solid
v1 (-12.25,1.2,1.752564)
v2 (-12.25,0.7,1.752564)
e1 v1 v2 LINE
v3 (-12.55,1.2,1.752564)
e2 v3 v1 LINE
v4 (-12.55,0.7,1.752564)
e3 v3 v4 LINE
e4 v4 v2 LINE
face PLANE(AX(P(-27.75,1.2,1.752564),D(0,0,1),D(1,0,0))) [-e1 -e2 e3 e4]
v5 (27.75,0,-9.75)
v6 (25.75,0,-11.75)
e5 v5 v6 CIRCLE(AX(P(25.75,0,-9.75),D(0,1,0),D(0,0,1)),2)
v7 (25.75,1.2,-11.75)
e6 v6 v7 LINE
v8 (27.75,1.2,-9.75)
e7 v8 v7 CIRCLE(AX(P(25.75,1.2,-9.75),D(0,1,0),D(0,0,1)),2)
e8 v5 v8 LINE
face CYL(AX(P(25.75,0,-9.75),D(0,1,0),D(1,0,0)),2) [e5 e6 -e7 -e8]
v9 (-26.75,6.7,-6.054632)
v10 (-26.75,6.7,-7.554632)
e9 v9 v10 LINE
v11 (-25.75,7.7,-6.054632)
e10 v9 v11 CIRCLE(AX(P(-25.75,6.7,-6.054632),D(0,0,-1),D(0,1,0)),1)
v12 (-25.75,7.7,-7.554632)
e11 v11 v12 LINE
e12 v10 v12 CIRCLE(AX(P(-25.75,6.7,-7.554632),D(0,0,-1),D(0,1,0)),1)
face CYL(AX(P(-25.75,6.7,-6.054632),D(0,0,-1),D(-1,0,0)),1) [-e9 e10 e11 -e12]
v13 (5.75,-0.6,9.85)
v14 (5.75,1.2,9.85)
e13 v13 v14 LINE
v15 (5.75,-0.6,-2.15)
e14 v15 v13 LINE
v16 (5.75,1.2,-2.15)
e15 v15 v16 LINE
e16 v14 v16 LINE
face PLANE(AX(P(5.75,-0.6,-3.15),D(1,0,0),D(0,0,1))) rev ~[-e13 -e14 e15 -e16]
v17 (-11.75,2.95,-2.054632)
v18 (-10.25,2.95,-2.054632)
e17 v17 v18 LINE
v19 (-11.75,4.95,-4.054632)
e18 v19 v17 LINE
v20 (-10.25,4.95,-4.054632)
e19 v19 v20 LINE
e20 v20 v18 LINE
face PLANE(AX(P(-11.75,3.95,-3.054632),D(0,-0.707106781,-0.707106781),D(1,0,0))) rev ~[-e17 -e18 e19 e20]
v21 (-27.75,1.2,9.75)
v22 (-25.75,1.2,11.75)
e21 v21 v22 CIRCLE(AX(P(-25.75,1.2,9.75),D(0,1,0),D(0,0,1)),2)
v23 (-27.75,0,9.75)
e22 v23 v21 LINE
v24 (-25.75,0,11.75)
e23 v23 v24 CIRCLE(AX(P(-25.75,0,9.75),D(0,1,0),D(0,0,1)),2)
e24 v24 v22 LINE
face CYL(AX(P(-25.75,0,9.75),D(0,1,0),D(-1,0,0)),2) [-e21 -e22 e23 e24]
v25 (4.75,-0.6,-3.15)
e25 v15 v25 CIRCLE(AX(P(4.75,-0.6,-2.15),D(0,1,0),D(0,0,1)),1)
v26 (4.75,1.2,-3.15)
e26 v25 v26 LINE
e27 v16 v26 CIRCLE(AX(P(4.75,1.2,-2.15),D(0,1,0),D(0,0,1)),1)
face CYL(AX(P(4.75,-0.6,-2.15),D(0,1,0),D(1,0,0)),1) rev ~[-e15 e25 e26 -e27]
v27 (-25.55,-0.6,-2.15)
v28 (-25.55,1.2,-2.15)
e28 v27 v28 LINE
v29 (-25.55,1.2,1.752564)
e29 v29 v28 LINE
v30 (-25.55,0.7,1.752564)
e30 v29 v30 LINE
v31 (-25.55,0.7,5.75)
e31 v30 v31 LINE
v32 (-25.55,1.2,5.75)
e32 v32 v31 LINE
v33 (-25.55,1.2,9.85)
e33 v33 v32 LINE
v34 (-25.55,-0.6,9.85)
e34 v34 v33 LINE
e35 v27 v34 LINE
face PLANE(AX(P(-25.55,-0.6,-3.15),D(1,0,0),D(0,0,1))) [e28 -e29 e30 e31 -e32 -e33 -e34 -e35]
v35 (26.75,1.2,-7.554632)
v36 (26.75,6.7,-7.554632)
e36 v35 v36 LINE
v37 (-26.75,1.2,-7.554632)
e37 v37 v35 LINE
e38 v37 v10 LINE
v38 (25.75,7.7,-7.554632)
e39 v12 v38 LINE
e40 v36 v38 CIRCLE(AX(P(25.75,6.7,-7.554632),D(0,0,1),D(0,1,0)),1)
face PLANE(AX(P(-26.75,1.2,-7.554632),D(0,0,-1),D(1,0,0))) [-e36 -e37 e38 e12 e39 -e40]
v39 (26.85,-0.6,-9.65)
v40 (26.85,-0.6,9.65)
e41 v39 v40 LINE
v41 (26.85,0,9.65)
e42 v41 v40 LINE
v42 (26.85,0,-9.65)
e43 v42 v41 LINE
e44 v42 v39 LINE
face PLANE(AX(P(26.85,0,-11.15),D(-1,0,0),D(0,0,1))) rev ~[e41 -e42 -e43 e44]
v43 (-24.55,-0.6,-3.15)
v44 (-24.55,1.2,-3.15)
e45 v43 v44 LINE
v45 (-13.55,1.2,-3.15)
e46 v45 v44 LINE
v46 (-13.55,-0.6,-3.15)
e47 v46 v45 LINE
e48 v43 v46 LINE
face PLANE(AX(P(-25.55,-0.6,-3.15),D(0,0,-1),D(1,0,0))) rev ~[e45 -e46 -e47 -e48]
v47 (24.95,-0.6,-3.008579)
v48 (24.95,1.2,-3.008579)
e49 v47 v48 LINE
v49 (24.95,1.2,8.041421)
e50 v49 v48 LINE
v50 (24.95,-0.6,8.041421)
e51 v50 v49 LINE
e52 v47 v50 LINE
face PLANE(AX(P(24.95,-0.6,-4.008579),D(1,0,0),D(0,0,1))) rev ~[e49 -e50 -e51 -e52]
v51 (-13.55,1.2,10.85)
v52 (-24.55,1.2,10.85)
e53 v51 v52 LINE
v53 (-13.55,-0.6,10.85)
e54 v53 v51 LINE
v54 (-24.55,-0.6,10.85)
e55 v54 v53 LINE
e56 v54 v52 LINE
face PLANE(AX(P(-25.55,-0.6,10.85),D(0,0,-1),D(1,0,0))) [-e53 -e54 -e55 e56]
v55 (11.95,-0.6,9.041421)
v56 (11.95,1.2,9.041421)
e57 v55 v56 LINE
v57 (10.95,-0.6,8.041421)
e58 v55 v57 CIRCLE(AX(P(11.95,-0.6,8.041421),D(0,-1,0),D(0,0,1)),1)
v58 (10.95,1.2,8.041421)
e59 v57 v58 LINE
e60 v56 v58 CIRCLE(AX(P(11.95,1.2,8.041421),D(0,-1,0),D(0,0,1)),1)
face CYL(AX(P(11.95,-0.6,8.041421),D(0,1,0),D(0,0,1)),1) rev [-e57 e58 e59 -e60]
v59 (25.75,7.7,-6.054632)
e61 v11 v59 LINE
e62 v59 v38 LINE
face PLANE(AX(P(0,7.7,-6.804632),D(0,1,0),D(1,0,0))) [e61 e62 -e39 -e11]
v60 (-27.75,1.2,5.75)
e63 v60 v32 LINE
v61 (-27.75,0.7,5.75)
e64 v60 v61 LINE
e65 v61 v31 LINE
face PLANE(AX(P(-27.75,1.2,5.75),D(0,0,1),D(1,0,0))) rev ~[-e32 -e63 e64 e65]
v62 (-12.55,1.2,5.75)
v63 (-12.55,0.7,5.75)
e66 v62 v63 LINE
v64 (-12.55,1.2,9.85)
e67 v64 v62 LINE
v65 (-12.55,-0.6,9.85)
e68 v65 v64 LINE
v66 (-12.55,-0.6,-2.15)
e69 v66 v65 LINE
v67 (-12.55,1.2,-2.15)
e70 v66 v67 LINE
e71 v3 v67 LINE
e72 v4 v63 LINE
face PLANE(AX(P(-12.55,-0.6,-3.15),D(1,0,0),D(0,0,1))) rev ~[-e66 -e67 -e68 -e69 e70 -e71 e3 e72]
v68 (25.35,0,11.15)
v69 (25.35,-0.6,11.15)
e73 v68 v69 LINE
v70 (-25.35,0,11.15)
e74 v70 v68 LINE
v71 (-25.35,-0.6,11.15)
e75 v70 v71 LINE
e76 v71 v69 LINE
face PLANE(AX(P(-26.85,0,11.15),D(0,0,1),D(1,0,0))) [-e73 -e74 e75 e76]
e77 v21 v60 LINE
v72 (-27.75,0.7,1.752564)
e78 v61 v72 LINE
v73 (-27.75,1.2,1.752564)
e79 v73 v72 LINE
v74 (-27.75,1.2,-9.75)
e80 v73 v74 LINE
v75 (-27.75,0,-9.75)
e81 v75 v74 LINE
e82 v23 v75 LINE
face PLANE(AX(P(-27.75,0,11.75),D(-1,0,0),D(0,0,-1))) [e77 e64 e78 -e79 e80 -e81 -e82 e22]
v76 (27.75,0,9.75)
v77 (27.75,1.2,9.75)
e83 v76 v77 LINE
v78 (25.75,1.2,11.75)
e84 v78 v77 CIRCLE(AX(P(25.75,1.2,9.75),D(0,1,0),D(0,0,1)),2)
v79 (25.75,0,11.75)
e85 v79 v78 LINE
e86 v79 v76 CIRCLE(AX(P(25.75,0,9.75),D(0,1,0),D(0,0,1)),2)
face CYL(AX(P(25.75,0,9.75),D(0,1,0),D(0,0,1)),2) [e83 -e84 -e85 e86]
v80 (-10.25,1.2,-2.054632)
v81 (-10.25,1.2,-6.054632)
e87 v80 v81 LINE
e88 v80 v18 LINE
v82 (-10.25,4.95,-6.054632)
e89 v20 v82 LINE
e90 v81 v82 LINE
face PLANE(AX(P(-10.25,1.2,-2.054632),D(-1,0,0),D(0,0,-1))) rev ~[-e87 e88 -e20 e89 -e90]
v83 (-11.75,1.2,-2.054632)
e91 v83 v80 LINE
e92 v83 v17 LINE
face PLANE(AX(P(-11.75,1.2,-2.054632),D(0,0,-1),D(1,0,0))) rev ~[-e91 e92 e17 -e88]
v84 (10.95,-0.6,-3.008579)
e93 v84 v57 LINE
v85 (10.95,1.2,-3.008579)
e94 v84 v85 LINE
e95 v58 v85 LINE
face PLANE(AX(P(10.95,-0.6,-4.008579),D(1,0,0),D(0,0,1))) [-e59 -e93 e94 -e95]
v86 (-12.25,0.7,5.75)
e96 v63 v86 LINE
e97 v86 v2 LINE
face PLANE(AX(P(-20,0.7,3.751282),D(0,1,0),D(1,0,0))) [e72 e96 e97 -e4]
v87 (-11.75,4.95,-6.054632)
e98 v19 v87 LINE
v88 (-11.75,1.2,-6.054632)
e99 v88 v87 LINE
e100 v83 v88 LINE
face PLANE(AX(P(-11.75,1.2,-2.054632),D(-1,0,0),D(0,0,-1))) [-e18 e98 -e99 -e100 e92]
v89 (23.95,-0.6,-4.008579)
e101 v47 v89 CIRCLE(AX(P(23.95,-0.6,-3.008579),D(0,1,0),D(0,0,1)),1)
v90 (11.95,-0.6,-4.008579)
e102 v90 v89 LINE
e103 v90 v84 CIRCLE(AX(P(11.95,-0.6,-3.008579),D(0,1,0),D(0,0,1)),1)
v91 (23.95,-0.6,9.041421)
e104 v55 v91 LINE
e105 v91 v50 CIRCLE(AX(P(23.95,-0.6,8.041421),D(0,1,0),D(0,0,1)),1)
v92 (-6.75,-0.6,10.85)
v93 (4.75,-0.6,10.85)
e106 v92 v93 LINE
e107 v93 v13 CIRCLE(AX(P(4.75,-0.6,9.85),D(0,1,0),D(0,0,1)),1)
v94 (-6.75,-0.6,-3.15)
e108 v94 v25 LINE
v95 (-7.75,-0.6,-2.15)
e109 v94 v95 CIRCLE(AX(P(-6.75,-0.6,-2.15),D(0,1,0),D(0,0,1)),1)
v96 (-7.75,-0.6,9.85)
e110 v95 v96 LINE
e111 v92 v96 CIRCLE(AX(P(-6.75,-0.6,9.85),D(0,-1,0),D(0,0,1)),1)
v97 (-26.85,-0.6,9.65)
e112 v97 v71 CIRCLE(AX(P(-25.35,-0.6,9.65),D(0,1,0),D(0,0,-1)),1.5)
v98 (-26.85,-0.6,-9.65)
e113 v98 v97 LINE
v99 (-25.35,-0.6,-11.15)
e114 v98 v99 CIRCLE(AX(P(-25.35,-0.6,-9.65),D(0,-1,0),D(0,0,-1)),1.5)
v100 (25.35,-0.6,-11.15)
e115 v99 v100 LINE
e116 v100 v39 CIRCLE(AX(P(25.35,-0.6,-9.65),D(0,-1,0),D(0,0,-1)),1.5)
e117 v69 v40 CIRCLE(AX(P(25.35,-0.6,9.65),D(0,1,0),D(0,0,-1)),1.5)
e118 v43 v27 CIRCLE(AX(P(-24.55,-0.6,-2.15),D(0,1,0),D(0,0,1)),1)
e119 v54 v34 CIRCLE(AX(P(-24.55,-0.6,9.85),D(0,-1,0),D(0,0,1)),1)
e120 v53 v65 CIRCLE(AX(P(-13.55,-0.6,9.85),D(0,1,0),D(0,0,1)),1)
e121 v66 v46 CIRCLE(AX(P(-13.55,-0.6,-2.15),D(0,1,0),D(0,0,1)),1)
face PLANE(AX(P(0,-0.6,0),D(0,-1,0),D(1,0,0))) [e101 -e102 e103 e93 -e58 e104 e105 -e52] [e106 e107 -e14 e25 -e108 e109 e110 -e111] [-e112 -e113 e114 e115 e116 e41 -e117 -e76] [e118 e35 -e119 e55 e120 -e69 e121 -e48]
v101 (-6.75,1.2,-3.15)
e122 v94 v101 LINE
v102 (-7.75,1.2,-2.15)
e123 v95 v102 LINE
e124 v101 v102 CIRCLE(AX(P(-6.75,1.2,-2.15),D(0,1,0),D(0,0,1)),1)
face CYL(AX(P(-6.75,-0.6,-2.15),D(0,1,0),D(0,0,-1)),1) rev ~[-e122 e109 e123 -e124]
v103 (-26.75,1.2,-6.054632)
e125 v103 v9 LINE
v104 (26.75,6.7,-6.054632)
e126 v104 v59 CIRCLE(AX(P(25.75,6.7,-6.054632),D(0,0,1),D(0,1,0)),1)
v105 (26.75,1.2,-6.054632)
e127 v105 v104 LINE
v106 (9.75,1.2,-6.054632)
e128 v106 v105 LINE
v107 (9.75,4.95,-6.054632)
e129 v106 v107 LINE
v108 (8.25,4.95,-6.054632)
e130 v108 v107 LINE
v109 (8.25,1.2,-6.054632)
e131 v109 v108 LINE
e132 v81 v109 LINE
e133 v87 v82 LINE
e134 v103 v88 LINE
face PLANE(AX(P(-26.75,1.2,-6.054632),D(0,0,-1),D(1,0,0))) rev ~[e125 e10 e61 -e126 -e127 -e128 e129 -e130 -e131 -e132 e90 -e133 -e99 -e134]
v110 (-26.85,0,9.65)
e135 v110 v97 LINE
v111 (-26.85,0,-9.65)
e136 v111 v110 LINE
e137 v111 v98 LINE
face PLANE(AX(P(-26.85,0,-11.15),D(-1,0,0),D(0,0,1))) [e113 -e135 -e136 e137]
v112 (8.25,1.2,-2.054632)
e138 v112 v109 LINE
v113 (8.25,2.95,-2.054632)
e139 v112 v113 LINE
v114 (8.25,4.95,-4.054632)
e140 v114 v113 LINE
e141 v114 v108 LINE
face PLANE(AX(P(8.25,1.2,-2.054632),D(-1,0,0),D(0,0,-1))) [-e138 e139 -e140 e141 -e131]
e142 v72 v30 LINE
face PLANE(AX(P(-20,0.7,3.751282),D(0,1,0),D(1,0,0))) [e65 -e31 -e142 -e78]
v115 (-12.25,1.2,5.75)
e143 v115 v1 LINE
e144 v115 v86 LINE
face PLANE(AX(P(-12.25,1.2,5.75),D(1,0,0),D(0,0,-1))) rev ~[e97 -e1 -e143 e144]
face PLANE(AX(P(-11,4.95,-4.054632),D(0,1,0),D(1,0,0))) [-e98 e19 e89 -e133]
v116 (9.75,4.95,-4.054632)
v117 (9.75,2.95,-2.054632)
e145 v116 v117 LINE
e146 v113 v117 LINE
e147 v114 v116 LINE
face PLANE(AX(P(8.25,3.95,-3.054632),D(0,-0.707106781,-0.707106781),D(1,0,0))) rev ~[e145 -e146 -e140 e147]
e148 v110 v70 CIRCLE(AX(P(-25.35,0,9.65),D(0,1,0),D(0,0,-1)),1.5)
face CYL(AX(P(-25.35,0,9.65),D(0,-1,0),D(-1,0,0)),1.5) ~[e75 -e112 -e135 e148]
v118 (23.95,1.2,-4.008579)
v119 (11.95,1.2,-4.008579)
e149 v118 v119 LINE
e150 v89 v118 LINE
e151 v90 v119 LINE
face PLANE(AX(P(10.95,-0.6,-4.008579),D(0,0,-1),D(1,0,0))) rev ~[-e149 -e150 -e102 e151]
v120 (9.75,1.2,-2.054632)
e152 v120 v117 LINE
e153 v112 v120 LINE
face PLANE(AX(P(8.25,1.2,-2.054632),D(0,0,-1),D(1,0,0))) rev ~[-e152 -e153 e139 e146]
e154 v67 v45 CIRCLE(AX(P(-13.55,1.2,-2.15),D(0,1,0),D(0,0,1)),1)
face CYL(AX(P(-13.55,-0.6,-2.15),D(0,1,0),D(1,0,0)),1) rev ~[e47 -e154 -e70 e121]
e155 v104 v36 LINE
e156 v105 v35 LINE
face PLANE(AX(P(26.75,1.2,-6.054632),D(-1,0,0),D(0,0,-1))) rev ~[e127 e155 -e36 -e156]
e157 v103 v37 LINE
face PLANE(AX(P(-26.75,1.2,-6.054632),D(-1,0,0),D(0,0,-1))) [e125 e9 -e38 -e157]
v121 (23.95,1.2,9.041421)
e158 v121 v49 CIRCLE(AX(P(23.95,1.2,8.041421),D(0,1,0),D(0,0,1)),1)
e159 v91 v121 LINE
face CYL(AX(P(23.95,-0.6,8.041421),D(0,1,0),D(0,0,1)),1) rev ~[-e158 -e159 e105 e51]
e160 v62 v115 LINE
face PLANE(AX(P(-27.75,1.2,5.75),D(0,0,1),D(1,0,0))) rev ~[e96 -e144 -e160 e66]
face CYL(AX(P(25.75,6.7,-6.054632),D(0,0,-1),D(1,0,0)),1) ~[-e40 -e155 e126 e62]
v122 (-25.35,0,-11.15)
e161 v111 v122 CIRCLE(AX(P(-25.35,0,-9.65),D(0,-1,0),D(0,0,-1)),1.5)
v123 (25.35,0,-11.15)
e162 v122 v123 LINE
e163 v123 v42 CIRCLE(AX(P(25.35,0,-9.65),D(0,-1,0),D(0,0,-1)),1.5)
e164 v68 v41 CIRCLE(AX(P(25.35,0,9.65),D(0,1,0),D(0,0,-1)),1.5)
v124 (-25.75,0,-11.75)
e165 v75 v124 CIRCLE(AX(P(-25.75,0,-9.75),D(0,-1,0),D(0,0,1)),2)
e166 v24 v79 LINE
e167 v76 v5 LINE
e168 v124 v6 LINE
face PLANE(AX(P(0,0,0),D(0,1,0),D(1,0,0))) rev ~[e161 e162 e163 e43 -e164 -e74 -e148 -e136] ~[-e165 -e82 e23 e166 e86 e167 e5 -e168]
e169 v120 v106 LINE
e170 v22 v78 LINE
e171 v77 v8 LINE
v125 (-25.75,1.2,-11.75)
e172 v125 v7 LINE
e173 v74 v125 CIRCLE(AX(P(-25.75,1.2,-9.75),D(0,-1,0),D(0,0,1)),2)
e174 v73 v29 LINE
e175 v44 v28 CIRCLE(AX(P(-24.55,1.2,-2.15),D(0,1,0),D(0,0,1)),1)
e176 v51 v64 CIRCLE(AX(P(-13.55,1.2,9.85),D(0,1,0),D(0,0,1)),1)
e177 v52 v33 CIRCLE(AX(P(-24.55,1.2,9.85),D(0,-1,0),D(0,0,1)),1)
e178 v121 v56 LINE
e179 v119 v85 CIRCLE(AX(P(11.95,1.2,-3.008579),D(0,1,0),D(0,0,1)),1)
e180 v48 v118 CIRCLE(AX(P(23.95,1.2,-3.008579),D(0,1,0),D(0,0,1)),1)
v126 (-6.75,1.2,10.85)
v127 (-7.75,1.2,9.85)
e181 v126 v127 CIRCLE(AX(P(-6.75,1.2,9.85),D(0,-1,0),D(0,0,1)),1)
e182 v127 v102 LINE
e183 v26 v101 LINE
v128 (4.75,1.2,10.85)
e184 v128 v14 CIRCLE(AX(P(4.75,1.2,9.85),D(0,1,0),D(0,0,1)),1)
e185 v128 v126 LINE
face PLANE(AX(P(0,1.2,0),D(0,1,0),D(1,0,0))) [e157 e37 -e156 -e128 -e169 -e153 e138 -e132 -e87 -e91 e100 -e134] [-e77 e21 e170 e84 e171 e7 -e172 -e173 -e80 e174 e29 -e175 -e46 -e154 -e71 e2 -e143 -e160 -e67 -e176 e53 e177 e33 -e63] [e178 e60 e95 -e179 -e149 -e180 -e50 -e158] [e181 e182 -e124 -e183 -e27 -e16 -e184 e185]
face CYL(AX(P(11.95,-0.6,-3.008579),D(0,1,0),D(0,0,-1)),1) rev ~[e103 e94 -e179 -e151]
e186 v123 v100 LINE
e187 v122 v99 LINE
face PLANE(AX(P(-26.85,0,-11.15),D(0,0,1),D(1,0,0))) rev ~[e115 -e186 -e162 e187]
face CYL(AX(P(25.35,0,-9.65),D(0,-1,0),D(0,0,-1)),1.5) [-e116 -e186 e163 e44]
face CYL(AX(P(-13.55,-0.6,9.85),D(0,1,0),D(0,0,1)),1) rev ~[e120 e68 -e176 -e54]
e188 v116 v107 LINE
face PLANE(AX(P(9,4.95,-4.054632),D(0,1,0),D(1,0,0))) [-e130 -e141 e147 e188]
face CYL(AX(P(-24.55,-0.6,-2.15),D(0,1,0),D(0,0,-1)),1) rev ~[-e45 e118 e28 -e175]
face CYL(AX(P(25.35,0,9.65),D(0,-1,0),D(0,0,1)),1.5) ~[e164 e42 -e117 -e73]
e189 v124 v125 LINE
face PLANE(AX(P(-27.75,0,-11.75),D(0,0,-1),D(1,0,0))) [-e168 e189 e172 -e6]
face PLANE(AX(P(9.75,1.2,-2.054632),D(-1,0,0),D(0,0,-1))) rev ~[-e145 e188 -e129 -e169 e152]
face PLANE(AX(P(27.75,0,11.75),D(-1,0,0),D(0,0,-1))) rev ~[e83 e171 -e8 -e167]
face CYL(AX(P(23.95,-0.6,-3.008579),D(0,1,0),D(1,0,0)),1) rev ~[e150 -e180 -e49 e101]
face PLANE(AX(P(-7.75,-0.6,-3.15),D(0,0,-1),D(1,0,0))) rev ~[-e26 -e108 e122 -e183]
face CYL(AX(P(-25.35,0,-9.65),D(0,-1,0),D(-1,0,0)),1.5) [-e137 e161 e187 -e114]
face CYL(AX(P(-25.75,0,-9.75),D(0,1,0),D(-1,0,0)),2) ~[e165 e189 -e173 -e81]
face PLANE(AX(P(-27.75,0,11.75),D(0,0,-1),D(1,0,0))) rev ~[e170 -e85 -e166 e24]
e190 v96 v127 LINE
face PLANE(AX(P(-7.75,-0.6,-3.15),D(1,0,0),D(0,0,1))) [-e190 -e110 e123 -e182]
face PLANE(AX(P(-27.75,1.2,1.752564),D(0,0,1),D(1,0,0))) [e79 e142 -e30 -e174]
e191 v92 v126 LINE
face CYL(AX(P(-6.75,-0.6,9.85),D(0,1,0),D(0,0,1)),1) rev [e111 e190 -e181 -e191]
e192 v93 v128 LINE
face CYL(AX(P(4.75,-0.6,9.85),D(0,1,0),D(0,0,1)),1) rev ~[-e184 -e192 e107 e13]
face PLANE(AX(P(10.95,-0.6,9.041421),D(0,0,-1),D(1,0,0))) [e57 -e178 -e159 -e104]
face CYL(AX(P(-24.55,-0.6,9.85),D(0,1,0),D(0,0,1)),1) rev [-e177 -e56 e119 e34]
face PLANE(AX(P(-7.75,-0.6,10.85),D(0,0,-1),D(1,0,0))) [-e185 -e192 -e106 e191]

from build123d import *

# Parameters (mm, degrees)
SKETCH_1_W          = 55.5
SKETCH_1_H          = 23.5
EXTRUDE_1_DEPTH     = 1.2
FILLET_1_R          = 2
SKETCH_2_W          = 53.7
SKETCH_2_H          = 22.3
EXTRUDE_2_DEPTH     = 0.6
SKETCH_3_W          = 13
SKETCH_3_H          = 14
SKETCH_3_W_2        = 13.5
SKETCH_3_W_3        = 14
SKETCH_3_H_2        = 13.05
CUT_EXTRUDE_1_DEPTH = 3
FILLET_2_R          = 1
SKETCH_4_W          = 15.5
SKETCH_4_H          = 3.997435945
CUT_EXTRUDE_2_DEPTH = 0.5
SKETCH_5_W          = 53.5
SKETCH_5_H          = 1.5
EXTRUDE_3_DEPTH     = 6.5
FILLET_3_R          = 1
SKETCH_6_W          = 1.5
SKETCH_6_H          = 4
EXTRUDE_4_DEPTH     = 3.75
CHAMFER_1_SIZE      = 2
FILLET_4_R          = 1.5


with BuildPart() as part:
    # 草图1 → 凸台-拉伸1 (new body)
    with BuildSketch(Plane(origin=(0, 0, 0), x_dir=(1, 0, 0), z_dir=(0, 1, 0))):
        Rectangle(SKETCH_1_W, SKETCH_1_H)
    extrude(amount=EXTRUDE_1_DEPTH)

    # 圆角1
    fillet_1_edges = [part.edges().sort_by_distance(p)[0] for p in [
        (27.75, 0.6, 11.75),
        (-27.75, 0.6, 11.75),
        (-27.75, 0.6, -11.75),
        (27.75, 0.6, -11.75),
    ]]
    fillet(fillet_1_edges, radius=FILLET_1_R)

    # 草图2 → 凸台-拉伸2 (add)
    with BuildSketch(Plane.XZ):
        Rectangle(SKETCH_2_W, SKETCH_2_H)
    extrude(amount=EXTRUDE_2_DEPTH)

    # 草图3 → 切除-拉伸1 (cut)
    with BuildSketch(Plane.XZ.offset(0.6)):
        with Locations((-19.05, 3.85)):
            Rectangle(SKETCH_3_W, SKETCH_3_H)
        with Locations((-1, 3.85)):
            Rectangle(SKETCH_3_W_2, SKETCH_3_H)
        with Locations((17.95, 2.516421356)):
            Rectangle(SKETCH_3_W_3, SKETCH_3_H_2)
    extrude(amount=-CUT_EXTRUDE_1_DEPTH, mode=Mode.SUBTRACT)

    # 圆角2
    fillet_2_edges = [part.edges().sort_by_distance(p)[0] for p in [
        (-25.55, 0.3, -3.15),
        (-25.55, 0.3, 10.85),
        (-12.55, 0.3, 10.85),
        (-12.55, 0.3, -3.15),
        (-7.75, 0.3, -3.15),
        (-7.75, 0.3, 10.85),
        (5.75, 0.3, 10.85),
        (5.75, 0.3, -3.15),
        (10.95, 0.3, -4.008578644),
        (10.95, 0.3, 9.041421356),
        (24.95, 0.3, 9.041421356),
        (24.95, 0.3, -4.008578644),
    ]]
    fillet(fillet_2_edges, radius=FILLET_2_R)

    # 草图4 → 切除-拉伸2 (cut)
    with BuildSketch(Plane(origin=(0, 1.2, 0), x_dir=(1, 0, 0), z_dir=(0, 1, 0))):
        with Locations((-20, -3.751282028)):
            Rectangle(SKETCH_4_W, SKETCH_4_H)
    extrude(amount=-CUT_EXTRUDE_2_DEPTH, mode=Mode.SUBTRACT)

    # 草图5 → 凸台-拉伸3 (add)
    with BuildSketch(Plane(origin=(0, 1.2, 0), x_dir=(1, 0, 0), z_dir=(0, 1, 0))):
        with Locations((0, 6.804632487)):
            Rectangle(SKETCH_5_W, SKETCH_5_H)
    extrude(amount=EXTRUDE_3_DEPTH)

    # 圆角3
    fillet_3_edges = [part.edges().sort_by_distance(p)[0] for p in [
        (26.75, 7.7, -6.804632487),
        (-26.75, 7.7, -6.804632487),
    ]]
    fillet(fillet_3_edges, radius=FILLET_3_R)

    # 草图6 → 凸台-拉伸4 (add)
    with BuildSketch(Plane(origin=(0, 1.2, 0), x_dir=(1, 0, 0), z_dir=(0, 1, 0))):
        with Locations((9, 4.054632487)):
            Rectangle(SKETCH_6_W, SKETCH_6_H)
        with Locations((-11, 4.054632487)):
            Rectangle(SKETCH_6_W, SKETCH_6_H)
    extrude(amount=EXTRUDE_4_DEPTH)

    # 倒角1
    chamfer_1_edges = [part.edges().sort_by_distance(p)[0] for p in [
        (9, 4.95, -2.054632487),
        (-11, 4.95, -2.054632487),
    ]]
    chamfer(chamfer_1_edges, length=CHAMFER_1_SIZE)

    # 圆角4
    fillet_4_edges = [part.edges().sort_by_distance(p)[0] for p in [
        (-26.85, -0.3, 11.15),
        (-26.85, -0.3, -11.15),
        (26.85, -0.3, -11.15),
        (26.85, -0.3, 11.15),
    ]]
    fillet(fillet_4_edges, radius=FILLET_4_R)


solid = part.part
